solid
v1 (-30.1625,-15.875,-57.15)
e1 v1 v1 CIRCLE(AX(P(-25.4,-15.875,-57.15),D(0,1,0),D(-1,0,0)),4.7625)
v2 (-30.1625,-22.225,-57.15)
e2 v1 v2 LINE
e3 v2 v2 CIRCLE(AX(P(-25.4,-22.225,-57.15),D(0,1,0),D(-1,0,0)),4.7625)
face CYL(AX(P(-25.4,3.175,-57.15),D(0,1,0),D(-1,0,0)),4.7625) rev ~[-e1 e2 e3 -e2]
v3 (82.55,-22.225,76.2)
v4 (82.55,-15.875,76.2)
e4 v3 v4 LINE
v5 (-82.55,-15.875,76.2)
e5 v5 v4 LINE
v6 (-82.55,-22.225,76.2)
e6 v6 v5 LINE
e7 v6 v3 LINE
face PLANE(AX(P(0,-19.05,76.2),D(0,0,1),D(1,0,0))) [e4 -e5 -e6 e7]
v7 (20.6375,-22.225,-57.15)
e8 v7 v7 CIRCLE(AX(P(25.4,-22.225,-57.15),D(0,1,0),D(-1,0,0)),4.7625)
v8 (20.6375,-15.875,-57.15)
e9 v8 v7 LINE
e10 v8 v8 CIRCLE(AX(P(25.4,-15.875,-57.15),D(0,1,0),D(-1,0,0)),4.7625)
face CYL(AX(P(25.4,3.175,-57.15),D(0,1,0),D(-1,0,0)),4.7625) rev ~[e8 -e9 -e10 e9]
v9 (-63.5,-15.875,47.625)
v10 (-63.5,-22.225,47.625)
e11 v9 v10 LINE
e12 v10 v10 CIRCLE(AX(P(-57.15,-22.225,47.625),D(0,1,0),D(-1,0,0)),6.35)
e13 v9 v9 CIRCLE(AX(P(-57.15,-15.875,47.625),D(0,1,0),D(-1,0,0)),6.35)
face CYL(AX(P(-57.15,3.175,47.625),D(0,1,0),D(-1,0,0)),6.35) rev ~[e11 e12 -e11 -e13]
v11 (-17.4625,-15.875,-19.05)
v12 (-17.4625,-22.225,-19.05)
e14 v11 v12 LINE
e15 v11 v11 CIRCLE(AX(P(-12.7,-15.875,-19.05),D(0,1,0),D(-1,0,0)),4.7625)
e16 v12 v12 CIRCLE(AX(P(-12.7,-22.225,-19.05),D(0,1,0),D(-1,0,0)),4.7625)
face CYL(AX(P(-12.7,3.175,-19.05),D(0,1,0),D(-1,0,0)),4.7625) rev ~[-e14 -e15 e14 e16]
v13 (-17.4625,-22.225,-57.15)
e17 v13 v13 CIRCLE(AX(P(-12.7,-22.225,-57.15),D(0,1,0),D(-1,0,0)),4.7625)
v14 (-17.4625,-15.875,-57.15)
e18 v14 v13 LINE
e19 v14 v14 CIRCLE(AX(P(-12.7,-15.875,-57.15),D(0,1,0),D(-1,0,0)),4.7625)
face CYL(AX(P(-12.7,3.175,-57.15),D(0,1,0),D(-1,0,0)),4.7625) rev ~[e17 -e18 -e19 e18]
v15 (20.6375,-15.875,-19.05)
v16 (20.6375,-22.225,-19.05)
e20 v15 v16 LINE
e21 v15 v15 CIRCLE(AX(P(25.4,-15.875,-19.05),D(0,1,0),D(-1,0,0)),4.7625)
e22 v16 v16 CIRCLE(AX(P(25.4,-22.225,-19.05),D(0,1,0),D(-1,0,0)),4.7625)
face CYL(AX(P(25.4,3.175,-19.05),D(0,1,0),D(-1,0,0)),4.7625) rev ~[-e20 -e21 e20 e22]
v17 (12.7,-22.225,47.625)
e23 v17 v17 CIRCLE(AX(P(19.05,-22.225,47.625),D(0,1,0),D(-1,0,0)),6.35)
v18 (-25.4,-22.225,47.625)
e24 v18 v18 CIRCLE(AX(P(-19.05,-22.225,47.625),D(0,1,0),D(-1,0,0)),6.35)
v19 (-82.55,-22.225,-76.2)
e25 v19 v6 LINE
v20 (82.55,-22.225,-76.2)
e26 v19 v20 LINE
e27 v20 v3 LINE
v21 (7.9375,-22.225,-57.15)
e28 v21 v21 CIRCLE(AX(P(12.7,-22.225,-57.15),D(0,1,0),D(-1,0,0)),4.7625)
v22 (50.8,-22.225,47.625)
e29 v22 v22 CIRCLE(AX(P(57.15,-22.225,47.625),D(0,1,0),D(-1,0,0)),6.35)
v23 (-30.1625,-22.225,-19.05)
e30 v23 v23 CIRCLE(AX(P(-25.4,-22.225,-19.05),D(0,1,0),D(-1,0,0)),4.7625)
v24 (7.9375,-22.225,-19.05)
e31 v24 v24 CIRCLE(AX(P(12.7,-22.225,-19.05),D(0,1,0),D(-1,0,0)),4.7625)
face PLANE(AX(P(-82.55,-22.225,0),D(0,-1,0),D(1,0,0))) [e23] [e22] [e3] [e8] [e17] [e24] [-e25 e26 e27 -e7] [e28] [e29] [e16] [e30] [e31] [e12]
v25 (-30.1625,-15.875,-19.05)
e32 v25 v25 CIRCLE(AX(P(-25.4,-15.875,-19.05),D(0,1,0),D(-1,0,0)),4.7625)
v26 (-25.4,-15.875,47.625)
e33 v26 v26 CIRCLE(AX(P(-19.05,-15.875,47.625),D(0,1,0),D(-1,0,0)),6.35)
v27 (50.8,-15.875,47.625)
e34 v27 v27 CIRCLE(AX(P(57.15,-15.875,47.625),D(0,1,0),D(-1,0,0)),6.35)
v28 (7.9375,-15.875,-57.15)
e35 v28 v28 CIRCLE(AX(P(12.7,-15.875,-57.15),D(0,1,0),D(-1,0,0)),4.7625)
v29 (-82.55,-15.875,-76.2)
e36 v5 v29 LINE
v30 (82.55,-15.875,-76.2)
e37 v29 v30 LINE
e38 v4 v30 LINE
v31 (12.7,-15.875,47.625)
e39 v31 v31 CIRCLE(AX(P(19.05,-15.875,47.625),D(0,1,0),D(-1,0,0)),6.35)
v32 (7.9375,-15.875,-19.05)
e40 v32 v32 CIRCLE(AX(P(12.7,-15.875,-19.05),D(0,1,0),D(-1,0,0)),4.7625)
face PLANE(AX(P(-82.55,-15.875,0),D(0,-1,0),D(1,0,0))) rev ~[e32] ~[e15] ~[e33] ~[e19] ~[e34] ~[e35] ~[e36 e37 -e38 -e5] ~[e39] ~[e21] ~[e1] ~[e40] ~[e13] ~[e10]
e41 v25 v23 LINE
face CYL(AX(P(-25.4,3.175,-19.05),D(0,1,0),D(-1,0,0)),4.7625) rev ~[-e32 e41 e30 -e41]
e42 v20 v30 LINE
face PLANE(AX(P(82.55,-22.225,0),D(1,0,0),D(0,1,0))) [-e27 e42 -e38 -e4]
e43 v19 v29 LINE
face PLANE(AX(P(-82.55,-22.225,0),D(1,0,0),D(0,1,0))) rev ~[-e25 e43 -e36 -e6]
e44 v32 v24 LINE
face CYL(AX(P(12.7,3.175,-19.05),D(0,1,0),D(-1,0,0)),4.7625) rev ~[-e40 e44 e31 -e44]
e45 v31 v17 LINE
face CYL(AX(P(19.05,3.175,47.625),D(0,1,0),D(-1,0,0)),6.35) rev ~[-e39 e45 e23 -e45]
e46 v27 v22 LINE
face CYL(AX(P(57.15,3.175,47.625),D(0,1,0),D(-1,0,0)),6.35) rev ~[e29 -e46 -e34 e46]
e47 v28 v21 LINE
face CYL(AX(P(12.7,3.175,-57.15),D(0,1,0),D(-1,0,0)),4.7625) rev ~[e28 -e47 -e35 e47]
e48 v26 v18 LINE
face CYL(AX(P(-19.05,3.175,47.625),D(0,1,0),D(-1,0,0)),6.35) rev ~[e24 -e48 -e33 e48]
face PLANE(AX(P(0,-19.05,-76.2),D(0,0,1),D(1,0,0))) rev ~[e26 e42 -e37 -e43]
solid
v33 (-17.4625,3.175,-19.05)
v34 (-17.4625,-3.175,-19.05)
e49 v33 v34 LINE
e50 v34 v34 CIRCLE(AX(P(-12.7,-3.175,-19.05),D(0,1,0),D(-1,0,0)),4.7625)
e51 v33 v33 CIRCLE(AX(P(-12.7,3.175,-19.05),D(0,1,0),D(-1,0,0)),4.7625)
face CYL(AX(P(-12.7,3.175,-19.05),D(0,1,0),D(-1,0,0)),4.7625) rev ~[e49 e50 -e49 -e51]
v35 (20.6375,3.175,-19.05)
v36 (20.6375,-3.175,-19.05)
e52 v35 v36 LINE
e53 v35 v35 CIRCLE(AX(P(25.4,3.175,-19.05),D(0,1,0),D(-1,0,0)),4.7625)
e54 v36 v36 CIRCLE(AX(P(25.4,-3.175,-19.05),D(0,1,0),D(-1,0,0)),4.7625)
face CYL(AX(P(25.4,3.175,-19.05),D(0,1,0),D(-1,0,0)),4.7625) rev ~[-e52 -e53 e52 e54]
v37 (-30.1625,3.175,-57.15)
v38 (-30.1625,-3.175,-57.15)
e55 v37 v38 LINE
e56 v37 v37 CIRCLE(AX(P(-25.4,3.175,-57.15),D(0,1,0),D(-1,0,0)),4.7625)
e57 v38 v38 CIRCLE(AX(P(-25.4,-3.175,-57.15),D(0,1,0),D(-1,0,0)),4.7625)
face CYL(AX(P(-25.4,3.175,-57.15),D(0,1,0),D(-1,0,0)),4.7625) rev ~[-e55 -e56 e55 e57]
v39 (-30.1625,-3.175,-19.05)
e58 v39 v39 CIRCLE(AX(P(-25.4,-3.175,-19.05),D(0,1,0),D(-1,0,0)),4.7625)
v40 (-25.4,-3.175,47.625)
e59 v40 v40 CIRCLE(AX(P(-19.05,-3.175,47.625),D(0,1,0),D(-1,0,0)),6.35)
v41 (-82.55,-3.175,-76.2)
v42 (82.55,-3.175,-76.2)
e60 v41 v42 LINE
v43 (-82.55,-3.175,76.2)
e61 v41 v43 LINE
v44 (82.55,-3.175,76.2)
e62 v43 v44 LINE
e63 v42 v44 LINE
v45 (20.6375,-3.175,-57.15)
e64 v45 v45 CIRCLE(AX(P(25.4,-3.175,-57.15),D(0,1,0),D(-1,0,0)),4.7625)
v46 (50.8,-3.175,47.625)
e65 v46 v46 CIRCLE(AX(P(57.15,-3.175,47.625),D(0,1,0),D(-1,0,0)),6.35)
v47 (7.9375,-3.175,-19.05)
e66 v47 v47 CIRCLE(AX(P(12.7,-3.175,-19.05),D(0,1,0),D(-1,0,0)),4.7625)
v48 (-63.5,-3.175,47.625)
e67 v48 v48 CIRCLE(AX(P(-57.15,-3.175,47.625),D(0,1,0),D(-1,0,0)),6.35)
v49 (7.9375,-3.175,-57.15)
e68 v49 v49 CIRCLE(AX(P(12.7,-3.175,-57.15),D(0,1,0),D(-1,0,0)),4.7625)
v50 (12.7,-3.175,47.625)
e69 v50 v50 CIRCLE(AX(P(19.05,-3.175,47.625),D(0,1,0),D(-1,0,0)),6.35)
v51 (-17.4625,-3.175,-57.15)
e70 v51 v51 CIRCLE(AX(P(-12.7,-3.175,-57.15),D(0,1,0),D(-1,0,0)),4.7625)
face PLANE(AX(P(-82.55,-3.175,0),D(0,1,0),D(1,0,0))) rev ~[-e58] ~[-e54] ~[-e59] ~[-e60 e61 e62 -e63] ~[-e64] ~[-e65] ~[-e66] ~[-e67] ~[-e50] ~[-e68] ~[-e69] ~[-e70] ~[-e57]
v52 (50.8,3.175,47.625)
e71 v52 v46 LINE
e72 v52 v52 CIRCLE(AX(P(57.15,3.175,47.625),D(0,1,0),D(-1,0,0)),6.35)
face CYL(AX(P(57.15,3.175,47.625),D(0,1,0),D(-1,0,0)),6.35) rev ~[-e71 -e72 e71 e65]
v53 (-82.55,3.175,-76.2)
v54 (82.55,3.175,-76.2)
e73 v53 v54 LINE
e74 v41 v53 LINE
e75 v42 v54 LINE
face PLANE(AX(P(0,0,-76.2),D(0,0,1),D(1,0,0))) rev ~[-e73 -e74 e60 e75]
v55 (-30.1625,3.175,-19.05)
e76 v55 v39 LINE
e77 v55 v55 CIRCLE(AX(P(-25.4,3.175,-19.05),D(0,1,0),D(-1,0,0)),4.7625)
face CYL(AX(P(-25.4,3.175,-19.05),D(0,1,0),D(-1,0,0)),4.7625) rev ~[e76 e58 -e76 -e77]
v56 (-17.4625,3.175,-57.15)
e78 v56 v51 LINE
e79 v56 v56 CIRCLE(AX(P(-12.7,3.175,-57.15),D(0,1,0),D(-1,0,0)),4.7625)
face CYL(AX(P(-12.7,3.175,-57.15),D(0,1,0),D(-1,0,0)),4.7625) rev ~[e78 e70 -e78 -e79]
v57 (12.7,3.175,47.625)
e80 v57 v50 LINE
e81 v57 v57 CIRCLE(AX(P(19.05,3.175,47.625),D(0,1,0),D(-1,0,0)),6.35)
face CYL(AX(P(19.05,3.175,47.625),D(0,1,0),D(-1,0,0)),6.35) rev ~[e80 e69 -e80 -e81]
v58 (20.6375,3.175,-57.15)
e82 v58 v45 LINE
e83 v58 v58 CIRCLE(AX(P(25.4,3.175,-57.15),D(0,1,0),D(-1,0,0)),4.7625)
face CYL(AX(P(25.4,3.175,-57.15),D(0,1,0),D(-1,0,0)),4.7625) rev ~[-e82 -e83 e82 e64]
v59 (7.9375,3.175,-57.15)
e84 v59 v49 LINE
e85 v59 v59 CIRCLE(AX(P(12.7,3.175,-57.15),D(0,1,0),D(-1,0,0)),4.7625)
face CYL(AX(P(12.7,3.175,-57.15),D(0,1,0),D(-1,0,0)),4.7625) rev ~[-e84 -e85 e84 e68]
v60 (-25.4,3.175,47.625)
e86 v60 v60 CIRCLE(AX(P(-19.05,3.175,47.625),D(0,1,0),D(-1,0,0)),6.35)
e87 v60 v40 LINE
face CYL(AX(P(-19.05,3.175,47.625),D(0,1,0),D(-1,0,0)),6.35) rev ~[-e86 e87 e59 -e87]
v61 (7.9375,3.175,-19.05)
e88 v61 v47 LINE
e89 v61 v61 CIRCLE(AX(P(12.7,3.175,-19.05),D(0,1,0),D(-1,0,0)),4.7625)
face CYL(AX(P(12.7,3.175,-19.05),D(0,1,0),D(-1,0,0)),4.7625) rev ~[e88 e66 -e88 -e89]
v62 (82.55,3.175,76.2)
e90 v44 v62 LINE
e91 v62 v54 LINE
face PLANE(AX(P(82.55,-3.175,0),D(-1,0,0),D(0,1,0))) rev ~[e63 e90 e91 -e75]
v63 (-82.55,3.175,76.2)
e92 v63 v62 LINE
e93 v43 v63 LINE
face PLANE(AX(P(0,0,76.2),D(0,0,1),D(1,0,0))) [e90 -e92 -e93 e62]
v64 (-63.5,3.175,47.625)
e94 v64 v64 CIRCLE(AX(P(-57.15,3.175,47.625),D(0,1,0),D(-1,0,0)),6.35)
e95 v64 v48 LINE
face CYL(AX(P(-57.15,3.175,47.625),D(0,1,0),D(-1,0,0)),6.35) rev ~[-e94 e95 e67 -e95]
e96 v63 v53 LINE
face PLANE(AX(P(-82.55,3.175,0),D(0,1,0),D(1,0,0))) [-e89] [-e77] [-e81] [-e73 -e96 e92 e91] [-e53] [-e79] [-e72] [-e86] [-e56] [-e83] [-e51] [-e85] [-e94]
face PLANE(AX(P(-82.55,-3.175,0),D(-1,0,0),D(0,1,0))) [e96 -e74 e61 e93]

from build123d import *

# Parameters (mm, degrees)
F0_W     = 165.1
F0_H     = 6.35
F1_DEPTH = 76.2
F2_R     = 4.7625
F2_R_2   = 6.35
F3_DEPTH = 25.401


with BuildPart() as f1:
    # F0 (on Top) → F1 (new body, symmetric)
    with BuildSketch(Plane.XY):
        Rectangle(F0_W, F0_H)
        with Locations((0, -19.05)):
            Rectangle(F0_W, F0_H)
    extrude(amount=F1_DEPTH, both=True)

    # F2 (on face) → F3 (cut, through all)
    with BuildSketch(Plane(origin=(0, 3.175, 0), x_dir=(-1, 0, 0), z_dir=(0, 1, 0))):
        with Locations((-12.7, -57.15)):
            Circle(F2_R)
        with Locations((25.4, -57.15)):
            Circle(F2_R)
        with Locations((25.4, -19.05)):
            Circle(F2_R)
        with Locations((-12.7, -19.05)):
            Circle(F2_R)
        with Locations((-57.15, 47.625)):
            Circle(F2_R_2)
        with Locations((-19.05, 47.625)):
            Circle(F2_R_2)
        with Locations((19.05, 47.625)):
            Circle(F2_R_2)
        with Locations((57.15, 47.625)):
            Circle(F2_R_2)
        with Locations((-25.4, -19.05)):
            Circle(F2_R)
        with Locations((12.7, -19.05)):
            Circle(F2_R)
        with Locations((12.7, -57.15)):
            Circle(F2_R)
        with Locations((-25.4, -57.15)):
            Circle(F2_R)
    extrude(amount=-F3_DEPTH, mode=Mode.SUBTRACT)


solid = f1.part
